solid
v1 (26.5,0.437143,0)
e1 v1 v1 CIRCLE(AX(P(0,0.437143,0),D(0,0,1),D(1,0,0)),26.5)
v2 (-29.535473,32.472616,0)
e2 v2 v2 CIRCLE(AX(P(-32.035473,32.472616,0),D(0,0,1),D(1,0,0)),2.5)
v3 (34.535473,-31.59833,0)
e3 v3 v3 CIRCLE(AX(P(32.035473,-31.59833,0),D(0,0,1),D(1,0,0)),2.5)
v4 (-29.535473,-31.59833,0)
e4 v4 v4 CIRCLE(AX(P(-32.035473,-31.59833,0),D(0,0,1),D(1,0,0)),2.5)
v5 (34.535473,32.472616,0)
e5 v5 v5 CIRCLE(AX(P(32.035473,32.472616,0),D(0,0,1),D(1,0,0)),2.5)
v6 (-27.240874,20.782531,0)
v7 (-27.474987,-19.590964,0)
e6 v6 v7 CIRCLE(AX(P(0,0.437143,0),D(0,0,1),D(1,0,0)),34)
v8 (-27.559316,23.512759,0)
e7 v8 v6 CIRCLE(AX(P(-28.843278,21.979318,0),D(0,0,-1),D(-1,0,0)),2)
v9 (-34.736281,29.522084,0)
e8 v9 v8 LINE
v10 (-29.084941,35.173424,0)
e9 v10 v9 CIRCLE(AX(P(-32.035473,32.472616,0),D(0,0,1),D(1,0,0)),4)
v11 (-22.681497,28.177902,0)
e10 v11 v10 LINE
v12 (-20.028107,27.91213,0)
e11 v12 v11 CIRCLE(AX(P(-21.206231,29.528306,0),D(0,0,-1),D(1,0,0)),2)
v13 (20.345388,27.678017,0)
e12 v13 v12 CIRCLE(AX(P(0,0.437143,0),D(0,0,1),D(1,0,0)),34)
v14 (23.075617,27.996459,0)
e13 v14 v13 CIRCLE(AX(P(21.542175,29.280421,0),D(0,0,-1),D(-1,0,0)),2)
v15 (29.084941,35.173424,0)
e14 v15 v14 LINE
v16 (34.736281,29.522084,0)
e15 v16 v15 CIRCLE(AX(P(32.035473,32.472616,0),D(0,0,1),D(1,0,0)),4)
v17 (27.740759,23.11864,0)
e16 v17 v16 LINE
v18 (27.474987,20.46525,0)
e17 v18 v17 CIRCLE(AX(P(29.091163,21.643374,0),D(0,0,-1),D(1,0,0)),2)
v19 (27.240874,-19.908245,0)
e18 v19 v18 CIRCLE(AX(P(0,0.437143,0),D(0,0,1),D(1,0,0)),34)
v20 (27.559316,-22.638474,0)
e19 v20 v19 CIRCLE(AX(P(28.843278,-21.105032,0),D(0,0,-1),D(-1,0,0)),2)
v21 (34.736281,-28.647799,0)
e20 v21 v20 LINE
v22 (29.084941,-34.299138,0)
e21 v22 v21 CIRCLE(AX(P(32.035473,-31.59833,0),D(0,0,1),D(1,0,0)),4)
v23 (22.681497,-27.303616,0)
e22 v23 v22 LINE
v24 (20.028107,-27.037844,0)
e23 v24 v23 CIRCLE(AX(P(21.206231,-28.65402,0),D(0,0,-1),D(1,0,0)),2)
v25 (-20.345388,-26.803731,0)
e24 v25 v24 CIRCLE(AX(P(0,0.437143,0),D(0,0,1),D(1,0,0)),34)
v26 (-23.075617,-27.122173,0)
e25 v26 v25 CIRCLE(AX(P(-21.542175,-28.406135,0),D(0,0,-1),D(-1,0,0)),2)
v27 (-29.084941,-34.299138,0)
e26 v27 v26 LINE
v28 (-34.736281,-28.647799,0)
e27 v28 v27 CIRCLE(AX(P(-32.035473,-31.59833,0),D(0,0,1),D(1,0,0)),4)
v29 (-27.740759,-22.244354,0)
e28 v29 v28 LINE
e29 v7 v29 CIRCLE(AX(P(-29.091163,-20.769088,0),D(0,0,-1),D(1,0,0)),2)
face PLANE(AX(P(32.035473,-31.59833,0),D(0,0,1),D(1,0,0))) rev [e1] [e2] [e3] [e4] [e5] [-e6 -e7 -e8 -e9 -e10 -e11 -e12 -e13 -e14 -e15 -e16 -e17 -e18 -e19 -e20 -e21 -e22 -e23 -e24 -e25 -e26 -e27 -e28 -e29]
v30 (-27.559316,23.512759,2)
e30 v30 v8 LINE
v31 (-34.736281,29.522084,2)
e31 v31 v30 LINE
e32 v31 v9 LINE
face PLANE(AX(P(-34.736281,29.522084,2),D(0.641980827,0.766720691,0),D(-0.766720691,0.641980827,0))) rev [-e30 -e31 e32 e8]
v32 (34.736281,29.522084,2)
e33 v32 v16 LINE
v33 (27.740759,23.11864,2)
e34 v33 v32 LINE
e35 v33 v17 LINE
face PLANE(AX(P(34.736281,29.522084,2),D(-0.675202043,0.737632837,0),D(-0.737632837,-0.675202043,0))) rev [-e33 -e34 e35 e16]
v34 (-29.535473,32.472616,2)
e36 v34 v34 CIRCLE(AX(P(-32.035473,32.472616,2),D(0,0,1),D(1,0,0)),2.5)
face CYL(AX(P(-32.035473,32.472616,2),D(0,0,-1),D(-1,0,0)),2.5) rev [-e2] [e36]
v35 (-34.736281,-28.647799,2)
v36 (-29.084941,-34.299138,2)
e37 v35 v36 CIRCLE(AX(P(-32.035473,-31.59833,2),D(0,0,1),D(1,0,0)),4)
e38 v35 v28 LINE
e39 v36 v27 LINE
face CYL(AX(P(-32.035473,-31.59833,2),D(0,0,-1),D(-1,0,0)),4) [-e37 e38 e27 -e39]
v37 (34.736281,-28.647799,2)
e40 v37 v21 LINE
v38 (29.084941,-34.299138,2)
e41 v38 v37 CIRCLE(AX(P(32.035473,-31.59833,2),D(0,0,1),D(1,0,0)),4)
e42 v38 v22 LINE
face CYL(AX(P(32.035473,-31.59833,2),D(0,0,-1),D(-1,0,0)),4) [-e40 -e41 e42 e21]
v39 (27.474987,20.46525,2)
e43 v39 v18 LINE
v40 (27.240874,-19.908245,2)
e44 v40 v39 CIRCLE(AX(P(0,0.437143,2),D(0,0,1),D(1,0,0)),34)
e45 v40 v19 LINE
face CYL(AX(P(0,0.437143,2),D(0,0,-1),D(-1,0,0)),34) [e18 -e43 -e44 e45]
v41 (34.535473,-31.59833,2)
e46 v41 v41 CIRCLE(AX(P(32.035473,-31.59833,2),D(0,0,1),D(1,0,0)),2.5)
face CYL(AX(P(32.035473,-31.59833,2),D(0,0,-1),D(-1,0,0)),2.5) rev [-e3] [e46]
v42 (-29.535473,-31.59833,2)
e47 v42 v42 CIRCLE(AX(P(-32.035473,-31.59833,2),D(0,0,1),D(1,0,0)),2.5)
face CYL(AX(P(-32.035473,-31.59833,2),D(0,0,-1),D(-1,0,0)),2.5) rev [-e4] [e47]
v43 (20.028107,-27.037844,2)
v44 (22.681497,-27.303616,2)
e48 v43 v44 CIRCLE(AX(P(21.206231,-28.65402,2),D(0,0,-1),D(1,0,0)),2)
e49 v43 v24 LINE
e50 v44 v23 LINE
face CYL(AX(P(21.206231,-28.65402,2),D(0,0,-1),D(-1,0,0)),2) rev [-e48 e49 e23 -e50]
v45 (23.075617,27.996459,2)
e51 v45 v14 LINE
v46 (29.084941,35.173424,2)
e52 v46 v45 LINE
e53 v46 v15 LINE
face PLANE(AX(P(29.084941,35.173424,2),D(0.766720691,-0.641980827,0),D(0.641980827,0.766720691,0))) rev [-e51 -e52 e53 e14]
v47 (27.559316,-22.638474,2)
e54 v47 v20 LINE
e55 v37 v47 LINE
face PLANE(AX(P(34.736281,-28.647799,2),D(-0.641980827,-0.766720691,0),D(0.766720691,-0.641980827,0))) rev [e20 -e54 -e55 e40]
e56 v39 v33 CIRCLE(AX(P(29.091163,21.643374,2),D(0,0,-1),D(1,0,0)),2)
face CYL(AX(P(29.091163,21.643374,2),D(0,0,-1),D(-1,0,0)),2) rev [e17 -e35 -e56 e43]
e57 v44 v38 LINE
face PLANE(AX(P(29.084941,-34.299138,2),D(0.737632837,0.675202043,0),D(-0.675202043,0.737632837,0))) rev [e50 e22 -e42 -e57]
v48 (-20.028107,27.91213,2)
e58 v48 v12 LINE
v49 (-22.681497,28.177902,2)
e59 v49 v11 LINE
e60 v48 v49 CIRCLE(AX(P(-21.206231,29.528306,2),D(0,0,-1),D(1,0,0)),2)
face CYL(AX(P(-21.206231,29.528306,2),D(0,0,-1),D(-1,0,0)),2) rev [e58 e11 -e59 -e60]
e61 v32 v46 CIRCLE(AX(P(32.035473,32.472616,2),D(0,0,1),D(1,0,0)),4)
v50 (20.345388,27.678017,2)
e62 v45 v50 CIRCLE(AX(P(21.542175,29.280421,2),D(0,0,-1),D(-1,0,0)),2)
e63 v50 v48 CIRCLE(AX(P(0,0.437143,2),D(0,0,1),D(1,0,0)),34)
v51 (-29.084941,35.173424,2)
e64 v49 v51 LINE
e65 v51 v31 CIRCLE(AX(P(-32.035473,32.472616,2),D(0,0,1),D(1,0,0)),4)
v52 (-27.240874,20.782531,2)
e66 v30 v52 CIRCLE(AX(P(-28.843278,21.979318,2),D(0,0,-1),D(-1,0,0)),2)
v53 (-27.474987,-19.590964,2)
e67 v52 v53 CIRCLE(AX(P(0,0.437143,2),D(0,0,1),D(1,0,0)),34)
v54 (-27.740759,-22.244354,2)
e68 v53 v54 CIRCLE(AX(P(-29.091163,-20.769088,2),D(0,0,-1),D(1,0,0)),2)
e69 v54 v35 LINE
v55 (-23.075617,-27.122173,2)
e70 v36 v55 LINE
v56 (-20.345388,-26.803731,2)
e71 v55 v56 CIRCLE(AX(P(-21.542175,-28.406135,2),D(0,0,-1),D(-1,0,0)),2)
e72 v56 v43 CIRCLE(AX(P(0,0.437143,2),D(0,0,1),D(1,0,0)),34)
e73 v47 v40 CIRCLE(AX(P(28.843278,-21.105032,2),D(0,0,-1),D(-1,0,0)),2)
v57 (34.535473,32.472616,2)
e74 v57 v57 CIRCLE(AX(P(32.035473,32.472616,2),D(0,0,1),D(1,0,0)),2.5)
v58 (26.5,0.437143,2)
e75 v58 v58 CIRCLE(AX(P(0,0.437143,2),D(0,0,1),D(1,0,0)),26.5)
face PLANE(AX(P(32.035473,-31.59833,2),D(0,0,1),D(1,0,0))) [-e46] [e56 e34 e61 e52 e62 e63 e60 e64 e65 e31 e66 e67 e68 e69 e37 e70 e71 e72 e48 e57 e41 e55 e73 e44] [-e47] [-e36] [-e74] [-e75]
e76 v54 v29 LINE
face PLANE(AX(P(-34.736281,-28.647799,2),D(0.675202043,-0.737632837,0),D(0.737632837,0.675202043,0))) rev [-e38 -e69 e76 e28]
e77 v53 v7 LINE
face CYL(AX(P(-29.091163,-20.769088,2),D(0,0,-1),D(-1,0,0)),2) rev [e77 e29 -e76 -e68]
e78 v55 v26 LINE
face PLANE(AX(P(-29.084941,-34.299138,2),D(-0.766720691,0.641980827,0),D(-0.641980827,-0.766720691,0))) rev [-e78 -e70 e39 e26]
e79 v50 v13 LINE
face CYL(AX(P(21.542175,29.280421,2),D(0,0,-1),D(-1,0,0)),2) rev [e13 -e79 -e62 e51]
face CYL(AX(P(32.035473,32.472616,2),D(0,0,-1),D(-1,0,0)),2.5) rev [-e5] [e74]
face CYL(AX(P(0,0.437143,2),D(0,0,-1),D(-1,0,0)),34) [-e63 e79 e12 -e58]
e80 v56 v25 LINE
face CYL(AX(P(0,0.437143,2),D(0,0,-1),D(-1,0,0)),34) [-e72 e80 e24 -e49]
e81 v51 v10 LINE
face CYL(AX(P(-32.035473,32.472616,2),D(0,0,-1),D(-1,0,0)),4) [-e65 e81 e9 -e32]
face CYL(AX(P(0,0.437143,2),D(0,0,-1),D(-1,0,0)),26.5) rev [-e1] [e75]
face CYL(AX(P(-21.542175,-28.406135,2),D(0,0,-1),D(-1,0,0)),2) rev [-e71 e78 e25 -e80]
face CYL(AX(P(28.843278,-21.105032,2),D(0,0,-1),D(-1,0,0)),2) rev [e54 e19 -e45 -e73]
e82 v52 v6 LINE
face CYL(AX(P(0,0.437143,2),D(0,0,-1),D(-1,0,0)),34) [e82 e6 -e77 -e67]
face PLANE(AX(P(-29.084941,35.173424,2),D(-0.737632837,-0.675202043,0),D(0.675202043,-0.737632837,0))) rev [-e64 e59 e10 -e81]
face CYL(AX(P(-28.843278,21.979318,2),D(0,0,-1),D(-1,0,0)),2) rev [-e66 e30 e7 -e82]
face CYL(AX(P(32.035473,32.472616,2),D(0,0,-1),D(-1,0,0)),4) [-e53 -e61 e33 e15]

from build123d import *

# Parameters (mm, degrees)
SKETCH_1_R      = 2.5
SKETCH_1_R_2    = 26.5
EXTRUDE_1_DEPTH = 2


with BuildPart() as part:
    # 草图1 → 凸台-拉伸1 (new body)
    with BuildSketch(Plane.XY):
        with BuildLine():
            Line((29.084941375, -34.299138035), (22.681496979, -27.303615871))
            ThreePointArc((22.681496979, -27.303615871), (21.405560026, -26.66397773), (20.028107344, -27.037844244))
            ThreePointArc((20.028107344, -27.037844244), (-0.197152183, -33.562285535), (-20.34538772, -26.803730817))
            ThreePointArc((-20.34538772, -26.803730817), (-21.773876316, -26.419601836), (-23.075616614, -27.122173496))
            Line((-23.075616614, -27.122173496), (-29.084941375, -34.299138035))
            ThreePointArc((-29.084941375, -34.299138035), (-34.863899846, -34.426756989), (-34.736280892, -28.647798518))
            Line((-34.736280892, -28.647798518), (-27.740758728, -22.244354122))
            ThreePointArc((-27.740758728, -22.244354122), (-27.101120587, -20.968417169), (-27.474987101, -19.590964487))
            ThreePointArc((-27.474987101, -19.590964487), (-33.999428392, 0.634295041), (-27.240873674, 20.782530577))
            ThreePointArc((-27.240873674, 20.782530577), (-26.856744694, 22.211019173), (-27.559316353, 23.512759472))
            Line((-27.559316353, 23.512759472), (-34.736280892, 29.522084232))
            ThreePointArc((-34.736280892, 29.522084232), (-34.863899846, 35.301042704), (-29.084941375, 35.173423749))
            Line((-29.084941375, 35.173423749), (-22.681496979, 28.177901585))
            ThreePointArc((-22.681496979, 28.177901585), (-21.405560026, 27.538263444), (-20.028107344, 27.912129958))
            ThreePointArc((-20.028107344, 27.912129958), (0.197152183, 34.43657125), (20.34538772, 27.678016531))
            ThreePointArc((20.34538772, 27.678016531), (21.773876316, 27.293887551), (23.075616614, 27.99645921))
            Line((23.075616614, 27.99645921), (29.084941375, 35.173423749))
            ThreePointArc((29.084941375, 35.173423749), (34.863899846, 35.301042704), (34.736280892, 29.522084232))
            Line((34.736280892, 29.522084232), (27.740758728, 23.118639836))
            ThreePointArc((27.740758728, 23.118639836), (27.101120587, 21.842702883), (27.474987101, 20.465250201))
            ThreePointArc((27.474987101, 20.465250201), (33.999428392, 0.239990674), (27.240873674, -19.908244863))
            ThreePointArc((27.240873674, -19.908244863), (26.856744694, -21.336733459), (27.559316353, -22.638473757))
            Line((27.559316353, -22.638473757), (34.736280892, -28.647798518))
            ThreePointArc((34.736280892, -28.647798518), (34.863899846, -34.426756989), (29.084941375, -34.299138035))
        make_face()
        with Locations((32.035472722, -31.598329865)):
            Circle(SKETCH_1_R, mode=Mode.SUBTRACT)
        with Locations((-32.035472722, -31.598329865)):
            Circle(SKETCH_1_R, mode=Mode.SUBTRACT)
        with Locations((-32.035472722, 32.472615579)):
            Circle(SKETCH_1_R, mode=Mode.SUBTRACT)
        with Locations((32.035472722, 32.472615579)):
            Circle(SKETCH_1_R, mode=Mode.SUBTRACT)
        with Locations((0, 0.437142857)):
            Circle(SKETCH_1_R_2, mode=Mode.SUBTRACT)
    extrude(amount=EXTRUDE_1_DEPTH)


solid = part.part
